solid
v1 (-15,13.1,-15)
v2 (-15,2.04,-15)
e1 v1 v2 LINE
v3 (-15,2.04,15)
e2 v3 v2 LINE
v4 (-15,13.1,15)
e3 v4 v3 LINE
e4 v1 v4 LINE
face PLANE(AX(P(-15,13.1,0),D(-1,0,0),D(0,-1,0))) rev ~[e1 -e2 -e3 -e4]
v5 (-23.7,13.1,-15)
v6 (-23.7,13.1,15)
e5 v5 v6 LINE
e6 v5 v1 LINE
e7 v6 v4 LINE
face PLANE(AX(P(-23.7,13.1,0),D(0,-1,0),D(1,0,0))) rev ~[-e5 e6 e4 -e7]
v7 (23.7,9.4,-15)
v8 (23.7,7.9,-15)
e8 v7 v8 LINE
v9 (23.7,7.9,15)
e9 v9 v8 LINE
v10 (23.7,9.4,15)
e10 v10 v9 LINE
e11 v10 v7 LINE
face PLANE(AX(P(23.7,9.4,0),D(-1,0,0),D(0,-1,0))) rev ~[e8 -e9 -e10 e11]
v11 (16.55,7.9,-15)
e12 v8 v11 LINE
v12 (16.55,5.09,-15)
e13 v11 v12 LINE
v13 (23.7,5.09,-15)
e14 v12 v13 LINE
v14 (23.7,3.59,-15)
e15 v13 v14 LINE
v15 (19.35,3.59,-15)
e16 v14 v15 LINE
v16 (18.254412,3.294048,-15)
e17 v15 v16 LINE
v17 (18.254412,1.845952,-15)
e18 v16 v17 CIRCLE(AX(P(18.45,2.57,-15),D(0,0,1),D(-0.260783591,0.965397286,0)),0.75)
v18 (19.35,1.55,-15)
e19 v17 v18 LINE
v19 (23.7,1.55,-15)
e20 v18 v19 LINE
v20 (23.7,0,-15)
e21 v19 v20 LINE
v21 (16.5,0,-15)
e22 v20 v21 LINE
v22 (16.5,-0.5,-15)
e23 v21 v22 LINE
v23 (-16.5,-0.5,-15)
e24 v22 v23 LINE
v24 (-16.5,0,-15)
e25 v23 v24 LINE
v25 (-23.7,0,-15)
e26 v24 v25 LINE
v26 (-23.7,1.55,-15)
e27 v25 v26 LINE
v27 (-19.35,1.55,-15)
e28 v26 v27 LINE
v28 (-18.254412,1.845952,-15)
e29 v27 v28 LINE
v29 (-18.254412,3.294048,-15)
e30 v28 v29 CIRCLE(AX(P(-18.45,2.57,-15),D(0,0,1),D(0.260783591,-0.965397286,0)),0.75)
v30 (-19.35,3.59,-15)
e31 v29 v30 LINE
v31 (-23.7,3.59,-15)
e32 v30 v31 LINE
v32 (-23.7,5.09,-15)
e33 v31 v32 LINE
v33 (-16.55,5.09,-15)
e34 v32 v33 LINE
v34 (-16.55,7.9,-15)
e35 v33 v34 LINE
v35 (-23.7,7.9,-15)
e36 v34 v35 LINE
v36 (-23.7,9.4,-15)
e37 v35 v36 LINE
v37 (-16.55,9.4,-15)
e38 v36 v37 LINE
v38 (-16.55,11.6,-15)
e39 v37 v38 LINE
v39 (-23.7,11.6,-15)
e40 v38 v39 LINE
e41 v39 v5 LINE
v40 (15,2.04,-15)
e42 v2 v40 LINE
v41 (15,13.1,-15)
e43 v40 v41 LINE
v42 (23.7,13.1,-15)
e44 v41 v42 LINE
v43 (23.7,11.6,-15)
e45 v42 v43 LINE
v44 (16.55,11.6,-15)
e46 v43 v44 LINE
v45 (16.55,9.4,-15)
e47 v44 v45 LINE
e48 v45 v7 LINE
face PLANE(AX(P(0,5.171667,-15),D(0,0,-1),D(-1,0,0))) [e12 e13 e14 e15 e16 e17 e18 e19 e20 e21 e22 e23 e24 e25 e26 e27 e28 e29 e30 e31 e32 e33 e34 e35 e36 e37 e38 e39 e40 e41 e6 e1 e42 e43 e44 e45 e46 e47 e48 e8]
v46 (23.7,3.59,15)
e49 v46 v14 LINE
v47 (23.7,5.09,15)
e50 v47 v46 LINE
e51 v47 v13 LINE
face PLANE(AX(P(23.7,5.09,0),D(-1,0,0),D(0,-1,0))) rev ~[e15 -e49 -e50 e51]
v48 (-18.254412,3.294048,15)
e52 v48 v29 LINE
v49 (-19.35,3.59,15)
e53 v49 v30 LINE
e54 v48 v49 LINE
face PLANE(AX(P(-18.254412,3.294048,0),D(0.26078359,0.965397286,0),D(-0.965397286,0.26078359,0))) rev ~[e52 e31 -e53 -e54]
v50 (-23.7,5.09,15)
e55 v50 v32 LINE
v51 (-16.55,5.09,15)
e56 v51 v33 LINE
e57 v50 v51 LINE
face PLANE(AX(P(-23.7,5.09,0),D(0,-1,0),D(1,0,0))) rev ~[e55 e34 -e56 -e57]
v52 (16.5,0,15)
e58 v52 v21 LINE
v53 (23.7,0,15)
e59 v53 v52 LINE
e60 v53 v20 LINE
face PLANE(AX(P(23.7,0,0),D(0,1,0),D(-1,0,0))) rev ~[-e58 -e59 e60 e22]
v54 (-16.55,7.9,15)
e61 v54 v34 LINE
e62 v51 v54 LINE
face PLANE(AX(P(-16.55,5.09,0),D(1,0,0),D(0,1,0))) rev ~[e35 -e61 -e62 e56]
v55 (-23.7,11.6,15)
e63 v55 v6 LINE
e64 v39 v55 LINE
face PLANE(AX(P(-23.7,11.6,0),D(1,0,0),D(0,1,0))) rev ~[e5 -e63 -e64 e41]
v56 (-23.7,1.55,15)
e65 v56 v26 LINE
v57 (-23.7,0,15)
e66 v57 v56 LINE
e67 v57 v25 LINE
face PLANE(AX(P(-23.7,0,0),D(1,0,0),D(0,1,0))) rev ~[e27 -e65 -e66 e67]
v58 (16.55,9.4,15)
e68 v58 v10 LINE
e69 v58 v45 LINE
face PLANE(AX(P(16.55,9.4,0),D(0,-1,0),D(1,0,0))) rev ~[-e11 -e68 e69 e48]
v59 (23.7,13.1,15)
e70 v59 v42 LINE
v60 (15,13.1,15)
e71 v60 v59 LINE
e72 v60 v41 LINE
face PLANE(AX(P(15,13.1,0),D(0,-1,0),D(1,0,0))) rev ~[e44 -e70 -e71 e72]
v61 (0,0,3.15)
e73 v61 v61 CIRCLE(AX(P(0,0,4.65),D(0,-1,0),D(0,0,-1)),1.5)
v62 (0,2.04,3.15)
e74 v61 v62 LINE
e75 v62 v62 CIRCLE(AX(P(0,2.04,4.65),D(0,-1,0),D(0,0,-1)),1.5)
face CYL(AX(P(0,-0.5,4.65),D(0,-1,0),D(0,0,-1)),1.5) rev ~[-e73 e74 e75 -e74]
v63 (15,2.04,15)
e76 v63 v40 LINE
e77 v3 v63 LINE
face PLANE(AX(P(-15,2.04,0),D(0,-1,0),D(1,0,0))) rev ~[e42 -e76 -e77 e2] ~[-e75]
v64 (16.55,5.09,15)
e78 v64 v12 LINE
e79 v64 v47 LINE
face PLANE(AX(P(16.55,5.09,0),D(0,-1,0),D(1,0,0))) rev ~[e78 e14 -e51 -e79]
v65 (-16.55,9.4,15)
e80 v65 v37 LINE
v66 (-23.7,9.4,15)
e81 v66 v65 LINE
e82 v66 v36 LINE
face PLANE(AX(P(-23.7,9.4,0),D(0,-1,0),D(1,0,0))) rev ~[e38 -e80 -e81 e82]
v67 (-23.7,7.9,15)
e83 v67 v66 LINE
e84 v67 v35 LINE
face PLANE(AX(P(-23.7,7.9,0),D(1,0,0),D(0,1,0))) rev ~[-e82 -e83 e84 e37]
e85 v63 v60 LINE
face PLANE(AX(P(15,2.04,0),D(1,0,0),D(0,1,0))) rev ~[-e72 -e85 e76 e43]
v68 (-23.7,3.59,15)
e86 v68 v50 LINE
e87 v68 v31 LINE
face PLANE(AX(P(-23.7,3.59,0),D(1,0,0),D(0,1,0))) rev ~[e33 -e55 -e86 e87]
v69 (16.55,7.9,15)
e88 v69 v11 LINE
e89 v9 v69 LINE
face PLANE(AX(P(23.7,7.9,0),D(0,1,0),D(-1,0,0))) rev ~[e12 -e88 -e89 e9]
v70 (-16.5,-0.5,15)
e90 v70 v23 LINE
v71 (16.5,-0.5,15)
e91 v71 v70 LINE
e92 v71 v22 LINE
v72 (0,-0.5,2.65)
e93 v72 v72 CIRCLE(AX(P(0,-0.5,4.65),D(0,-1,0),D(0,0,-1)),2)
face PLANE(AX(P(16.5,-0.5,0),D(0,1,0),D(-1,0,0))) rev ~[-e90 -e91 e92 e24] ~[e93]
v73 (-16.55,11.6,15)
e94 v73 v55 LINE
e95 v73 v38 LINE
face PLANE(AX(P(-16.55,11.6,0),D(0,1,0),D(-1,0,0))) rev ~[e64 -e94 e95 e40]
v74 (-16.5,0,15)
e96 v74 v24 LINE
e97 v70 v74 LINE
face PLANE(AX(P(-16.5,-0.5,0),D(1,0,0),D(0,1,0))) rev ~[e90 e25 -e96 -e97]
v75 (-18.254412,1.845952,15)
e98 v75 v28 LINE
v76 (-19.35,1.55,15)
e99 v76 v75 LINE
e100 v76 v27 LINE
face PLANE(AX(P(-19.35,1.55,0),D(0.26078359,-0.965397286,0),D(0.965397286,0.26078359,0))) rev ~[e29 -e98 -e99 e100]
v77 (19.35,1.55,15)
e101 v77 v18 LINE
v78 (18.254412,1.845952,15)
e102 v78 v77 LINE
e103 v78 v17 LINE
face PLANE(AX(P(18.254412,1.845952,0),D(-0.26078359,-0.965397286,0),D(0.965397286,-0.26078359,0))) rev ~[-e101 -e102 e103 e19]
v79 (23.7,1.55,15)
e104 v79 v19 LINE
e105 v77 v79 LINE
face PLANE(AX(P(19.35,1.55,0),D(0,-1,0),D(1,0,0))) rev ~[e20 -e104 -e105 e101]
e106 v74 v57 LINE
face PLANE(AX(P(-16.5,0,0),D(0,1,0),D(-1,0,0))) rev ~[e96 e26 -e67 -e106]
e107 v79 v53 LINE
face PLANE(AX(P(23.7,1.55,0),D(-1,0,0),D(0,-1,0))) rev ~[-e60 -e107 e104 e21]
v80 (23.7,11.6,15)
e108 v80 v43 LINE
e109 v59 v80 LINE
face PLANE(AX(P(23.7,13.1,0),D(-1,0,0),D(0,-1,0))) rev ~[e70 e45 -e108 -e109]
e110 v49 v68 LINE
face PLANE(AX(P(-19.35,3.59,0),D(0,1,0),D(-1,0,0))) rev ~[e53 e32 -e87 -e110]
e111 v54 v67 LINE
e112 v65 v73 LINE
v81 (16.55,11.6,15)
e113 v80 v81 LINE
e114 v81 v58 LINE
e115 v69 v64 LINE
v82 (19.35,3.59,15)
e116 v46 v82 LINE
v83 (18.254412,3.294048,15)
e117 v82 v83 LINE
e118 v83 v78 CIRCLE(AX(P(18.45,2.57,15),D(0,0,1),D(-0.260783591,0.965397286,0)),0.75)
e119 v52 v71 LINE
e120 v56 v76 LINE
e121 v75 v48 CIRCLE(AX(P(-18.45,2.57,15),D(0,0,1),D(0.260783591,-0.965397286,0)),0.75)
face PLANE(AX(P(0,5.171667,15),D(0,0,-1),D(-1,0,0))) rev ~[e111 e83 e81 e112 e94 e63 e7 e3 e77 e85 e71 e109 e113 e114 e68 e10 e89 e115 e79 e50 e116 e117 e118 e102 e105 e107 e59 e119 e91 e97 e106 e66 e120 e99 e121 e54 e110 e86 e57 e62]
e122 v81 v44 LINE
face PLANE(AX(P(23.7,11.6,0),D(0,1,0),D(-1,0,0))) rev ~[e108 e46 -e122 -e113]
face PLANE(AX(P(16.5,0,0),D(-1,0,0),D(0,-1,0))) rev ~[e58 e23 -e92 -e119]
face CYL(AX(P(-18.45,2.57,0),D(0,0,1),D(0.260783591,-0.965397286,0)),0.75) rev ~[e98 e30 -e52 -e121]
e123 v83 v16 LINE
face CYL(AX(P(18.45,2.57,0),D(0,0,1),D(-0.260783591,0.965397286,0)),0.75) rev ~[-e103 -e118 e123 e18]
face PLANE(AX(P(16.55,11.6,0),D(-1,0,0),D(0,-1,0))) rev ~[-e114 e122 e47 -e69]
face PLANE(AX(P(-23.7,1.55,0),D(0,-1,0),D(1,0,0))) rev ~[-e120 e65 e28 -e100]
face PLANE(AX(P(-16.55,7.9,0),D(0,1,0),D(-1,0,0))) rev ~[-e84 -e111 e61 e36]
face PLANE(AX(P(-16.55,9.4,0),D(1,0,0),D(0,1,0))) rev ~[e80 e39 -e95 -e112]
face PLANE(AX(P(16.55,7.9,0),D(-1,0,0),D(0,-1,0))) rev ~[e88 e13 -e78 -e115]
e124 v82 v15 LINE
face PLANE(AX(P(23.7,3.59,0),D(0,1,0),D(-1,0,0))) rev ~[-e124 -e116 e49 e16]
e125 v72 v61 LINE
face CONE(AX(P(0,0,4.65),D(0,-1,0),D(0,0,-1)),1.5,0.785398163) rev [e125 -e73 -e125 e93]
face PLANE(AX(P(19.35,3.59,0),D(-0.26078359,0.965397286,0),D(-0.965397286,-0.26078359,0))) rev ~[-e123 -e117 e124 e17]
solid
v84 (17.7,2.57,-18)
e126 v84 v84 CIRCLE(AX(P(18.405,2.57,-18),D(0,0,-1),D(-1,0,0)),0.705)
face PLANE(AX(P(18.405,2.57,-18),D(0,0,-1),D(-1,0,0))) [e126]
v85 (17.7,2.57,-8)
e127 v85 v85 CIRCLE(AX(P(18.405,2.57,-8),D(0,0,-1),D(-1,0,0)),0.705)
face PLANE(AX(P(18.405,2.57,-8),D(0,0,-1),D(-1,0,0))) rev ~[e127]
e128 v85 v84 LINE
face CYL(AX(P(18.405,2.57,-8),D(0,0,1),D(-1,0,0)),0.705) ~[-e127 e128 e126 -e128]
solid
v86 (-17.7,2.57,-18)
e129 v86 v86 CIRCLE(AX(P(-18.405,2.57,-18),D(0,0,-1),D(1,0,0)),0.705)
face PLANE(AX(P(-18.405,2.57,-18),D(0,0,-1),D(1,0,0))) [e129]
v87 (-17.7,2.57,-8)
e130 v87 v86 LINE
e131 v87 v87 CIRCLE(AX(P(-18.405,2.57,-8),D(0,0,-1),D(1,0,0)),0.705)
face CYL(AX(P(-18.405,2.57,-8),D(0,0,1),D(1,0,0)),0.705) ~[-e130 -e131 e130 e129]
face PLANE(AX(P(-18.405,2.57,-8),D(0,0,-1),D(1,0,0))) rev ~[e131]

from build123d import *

# Parameters (mm, degrees)
BOSS_EXTRUDE1_DEPTH        = 15
SKETCH2_R                  = 1.5
CUT_EXTRUDE1_DEPTH         = 32.171300903
CHAMFER1_SIZE              = 0.5
BOSS_EXTRUDE2_DEPTH        = 3
BOSS_EXTRUDE2_DEPTH_BACK   = 7
SKETCH3_R                  = 0.705
BOSS_EXTRUDE2_2_DEPTH      = 3
BOSS_EXTRUDE2_2_DEPTH_BACK = 7


with BuildPart() as part:
    # Sketch1 → Boss-Extrude1 (new, symmetric)
    with BuildSketch(Plane.XY):
        with BuildLine():
            Line((-15, 13.1), (-15, 2.04))
            Line((-15, 2.04), (15, 2.04))
            Line((15, 2.04), (15, 13.1))
            Line((15, 13.1), (23.7, 13.1))
            Line((23.7, 13.1), (23.7, 11.6))
            Line((23.7, 11.6), (16.55, 11.6))
            Line((16.55, 11.6), (16.55, 9.4))
            Line((16.55, 9.4), (23.7, 9.4))
            Line((23.7, 9.4), (23.7, 7.9))
            Line((23.7, 7.9), (16.55, 7.9))
            Line((16.55, 7.9), (16.55, 5.09))
            Line((16.55, 5.09), (23.7, 5.09))
            Line((23.7, 5.09), (23.7, 3.59))
            Line((23.7, 3.59), (19.35, 3.59))
            Line((19.35, 3.59), (18.254412307, 3.294047964))
            ThreePointArc((18.254412307, 3.294047964), (17.7, 2.57), (18.254412307, 1.845952036))
            Line((18.254412307, 1.845952036), (19.35, 1.55))
            Line((19.35, 1.55), (23.7, 1.55))
            Line((23.7, 1.55), (23.7, 0))
            Line((23.7, 0), (16.5, 0))
            Line((16.5, 0), (16.5, -0.5))
            Line((16.5, -0.5), (-16.5, -0.5))
            Line((-16.5, -0.5), (-16.5, 0))
            Line((-16.5, 0), (-23.7, 0))
            Line((-23.7, 0), (-23.7, 1.55))
            Line((-23.7, 1.55), (-19.35, 1.55))
            Line((-19.35, 1.55), (-18.254412307, 1.845952036))
            ThreePointArc((-18.254412307, 1.845952036), (-17.7, 2.57), (-18.254412307, 3.294047964))
            Line((-18.254412307, 3.294047964), (-19.35, 3.59))
            Line((-19.35, 3.59), (-23.7, 3.59))
            Line((-23.7, 3.59), (-23.7, 5.09))
            Line((-23.7, 5.09), (-16.55, 5.09))
            Line((-16.55, 5.09), (-16.55, 7.9))
            Line((-16.55, 7.9), (-23.7, 7.9))
            Line((-23.7, 7.9), (-23.7, 9.4))
            Line((-23.7, 9.4), (-16.55, 9.4))
            Line((-16.55, 9.4), (-16.55, 11.6))
            Line((-16.55, 11.6), (-23.7, 11.6))
            Line((-23.7, 11.6), (-23.7, 13.1))
            Line((-23.7, 13.1), (-15, 13.1))
        make_face()
    extrude(amount=BOSS_EXTRUDE1_DEPTH, both=True)

    # Sketch2 → Cut-Extrude1 (cut, through all)
    with BuildSketch(Plane.XZ.offset(0.5)):
        with Locations(Location((0, 4.65, 0), (0, 0, 270))):
            Circle(SKETCH2_R)
    extrude(amount=-CUT_EXTRUDE1_DEPTH, mode=Mode.SUBTRACT)

    # Chamfer1
    chamfer1_edges = [part.edges().sort_by_distance(p)[0] for p in [
        (0, -0.5, 6.15),
    ]]
    chamfer(chamfer1_edges, length=CHAMFER1_SIZE)


with BuildPart() as body_2:
    # Sketch3 → Boss-Extrude2 (new, two sides: drawn at the far end of the back side and taken through both)
    with BuildSketch(Plane(origin=(0, 0, -15), x_dir=(-1, 0, 0), z_dir=(0, 0, -1)).offset(-BOSS_EXTRUDE2_DEPTH_BACK)):
        with Locations((-18.405, 2.57)):
            Circle(SKETCH3_R)
    extrude(amount=BOSS_EXTRUDE2_DEPTH + BOSS_EXTRUDE2_DEPTH_BACK)


with BuildPart() as body_3:
    # Sketch3 → Boss-Extrude2 2 (new, two sides: drawn at the far end of the back side and taken through both)
    with BuildSketch(Plane(origin=(0, 0, -15), x_dir=(-1, 0, 0), z_dir=(0, 0, -1)).offset(-BOSS_EXTRUDE2_2_DEPTH_BACK)):
        with Locations(Location((18.405, 2.57, 0), (0, 0, 180))):
            Circle(SKETCH3_R)
    extrude(amount=BOSS_EXTRUDE2_2_DEPTH + BOSS_EXTRUDE2_2_DEPTH_BACK)


solid = Compound([part.part, body_2.part, body_3.part])
